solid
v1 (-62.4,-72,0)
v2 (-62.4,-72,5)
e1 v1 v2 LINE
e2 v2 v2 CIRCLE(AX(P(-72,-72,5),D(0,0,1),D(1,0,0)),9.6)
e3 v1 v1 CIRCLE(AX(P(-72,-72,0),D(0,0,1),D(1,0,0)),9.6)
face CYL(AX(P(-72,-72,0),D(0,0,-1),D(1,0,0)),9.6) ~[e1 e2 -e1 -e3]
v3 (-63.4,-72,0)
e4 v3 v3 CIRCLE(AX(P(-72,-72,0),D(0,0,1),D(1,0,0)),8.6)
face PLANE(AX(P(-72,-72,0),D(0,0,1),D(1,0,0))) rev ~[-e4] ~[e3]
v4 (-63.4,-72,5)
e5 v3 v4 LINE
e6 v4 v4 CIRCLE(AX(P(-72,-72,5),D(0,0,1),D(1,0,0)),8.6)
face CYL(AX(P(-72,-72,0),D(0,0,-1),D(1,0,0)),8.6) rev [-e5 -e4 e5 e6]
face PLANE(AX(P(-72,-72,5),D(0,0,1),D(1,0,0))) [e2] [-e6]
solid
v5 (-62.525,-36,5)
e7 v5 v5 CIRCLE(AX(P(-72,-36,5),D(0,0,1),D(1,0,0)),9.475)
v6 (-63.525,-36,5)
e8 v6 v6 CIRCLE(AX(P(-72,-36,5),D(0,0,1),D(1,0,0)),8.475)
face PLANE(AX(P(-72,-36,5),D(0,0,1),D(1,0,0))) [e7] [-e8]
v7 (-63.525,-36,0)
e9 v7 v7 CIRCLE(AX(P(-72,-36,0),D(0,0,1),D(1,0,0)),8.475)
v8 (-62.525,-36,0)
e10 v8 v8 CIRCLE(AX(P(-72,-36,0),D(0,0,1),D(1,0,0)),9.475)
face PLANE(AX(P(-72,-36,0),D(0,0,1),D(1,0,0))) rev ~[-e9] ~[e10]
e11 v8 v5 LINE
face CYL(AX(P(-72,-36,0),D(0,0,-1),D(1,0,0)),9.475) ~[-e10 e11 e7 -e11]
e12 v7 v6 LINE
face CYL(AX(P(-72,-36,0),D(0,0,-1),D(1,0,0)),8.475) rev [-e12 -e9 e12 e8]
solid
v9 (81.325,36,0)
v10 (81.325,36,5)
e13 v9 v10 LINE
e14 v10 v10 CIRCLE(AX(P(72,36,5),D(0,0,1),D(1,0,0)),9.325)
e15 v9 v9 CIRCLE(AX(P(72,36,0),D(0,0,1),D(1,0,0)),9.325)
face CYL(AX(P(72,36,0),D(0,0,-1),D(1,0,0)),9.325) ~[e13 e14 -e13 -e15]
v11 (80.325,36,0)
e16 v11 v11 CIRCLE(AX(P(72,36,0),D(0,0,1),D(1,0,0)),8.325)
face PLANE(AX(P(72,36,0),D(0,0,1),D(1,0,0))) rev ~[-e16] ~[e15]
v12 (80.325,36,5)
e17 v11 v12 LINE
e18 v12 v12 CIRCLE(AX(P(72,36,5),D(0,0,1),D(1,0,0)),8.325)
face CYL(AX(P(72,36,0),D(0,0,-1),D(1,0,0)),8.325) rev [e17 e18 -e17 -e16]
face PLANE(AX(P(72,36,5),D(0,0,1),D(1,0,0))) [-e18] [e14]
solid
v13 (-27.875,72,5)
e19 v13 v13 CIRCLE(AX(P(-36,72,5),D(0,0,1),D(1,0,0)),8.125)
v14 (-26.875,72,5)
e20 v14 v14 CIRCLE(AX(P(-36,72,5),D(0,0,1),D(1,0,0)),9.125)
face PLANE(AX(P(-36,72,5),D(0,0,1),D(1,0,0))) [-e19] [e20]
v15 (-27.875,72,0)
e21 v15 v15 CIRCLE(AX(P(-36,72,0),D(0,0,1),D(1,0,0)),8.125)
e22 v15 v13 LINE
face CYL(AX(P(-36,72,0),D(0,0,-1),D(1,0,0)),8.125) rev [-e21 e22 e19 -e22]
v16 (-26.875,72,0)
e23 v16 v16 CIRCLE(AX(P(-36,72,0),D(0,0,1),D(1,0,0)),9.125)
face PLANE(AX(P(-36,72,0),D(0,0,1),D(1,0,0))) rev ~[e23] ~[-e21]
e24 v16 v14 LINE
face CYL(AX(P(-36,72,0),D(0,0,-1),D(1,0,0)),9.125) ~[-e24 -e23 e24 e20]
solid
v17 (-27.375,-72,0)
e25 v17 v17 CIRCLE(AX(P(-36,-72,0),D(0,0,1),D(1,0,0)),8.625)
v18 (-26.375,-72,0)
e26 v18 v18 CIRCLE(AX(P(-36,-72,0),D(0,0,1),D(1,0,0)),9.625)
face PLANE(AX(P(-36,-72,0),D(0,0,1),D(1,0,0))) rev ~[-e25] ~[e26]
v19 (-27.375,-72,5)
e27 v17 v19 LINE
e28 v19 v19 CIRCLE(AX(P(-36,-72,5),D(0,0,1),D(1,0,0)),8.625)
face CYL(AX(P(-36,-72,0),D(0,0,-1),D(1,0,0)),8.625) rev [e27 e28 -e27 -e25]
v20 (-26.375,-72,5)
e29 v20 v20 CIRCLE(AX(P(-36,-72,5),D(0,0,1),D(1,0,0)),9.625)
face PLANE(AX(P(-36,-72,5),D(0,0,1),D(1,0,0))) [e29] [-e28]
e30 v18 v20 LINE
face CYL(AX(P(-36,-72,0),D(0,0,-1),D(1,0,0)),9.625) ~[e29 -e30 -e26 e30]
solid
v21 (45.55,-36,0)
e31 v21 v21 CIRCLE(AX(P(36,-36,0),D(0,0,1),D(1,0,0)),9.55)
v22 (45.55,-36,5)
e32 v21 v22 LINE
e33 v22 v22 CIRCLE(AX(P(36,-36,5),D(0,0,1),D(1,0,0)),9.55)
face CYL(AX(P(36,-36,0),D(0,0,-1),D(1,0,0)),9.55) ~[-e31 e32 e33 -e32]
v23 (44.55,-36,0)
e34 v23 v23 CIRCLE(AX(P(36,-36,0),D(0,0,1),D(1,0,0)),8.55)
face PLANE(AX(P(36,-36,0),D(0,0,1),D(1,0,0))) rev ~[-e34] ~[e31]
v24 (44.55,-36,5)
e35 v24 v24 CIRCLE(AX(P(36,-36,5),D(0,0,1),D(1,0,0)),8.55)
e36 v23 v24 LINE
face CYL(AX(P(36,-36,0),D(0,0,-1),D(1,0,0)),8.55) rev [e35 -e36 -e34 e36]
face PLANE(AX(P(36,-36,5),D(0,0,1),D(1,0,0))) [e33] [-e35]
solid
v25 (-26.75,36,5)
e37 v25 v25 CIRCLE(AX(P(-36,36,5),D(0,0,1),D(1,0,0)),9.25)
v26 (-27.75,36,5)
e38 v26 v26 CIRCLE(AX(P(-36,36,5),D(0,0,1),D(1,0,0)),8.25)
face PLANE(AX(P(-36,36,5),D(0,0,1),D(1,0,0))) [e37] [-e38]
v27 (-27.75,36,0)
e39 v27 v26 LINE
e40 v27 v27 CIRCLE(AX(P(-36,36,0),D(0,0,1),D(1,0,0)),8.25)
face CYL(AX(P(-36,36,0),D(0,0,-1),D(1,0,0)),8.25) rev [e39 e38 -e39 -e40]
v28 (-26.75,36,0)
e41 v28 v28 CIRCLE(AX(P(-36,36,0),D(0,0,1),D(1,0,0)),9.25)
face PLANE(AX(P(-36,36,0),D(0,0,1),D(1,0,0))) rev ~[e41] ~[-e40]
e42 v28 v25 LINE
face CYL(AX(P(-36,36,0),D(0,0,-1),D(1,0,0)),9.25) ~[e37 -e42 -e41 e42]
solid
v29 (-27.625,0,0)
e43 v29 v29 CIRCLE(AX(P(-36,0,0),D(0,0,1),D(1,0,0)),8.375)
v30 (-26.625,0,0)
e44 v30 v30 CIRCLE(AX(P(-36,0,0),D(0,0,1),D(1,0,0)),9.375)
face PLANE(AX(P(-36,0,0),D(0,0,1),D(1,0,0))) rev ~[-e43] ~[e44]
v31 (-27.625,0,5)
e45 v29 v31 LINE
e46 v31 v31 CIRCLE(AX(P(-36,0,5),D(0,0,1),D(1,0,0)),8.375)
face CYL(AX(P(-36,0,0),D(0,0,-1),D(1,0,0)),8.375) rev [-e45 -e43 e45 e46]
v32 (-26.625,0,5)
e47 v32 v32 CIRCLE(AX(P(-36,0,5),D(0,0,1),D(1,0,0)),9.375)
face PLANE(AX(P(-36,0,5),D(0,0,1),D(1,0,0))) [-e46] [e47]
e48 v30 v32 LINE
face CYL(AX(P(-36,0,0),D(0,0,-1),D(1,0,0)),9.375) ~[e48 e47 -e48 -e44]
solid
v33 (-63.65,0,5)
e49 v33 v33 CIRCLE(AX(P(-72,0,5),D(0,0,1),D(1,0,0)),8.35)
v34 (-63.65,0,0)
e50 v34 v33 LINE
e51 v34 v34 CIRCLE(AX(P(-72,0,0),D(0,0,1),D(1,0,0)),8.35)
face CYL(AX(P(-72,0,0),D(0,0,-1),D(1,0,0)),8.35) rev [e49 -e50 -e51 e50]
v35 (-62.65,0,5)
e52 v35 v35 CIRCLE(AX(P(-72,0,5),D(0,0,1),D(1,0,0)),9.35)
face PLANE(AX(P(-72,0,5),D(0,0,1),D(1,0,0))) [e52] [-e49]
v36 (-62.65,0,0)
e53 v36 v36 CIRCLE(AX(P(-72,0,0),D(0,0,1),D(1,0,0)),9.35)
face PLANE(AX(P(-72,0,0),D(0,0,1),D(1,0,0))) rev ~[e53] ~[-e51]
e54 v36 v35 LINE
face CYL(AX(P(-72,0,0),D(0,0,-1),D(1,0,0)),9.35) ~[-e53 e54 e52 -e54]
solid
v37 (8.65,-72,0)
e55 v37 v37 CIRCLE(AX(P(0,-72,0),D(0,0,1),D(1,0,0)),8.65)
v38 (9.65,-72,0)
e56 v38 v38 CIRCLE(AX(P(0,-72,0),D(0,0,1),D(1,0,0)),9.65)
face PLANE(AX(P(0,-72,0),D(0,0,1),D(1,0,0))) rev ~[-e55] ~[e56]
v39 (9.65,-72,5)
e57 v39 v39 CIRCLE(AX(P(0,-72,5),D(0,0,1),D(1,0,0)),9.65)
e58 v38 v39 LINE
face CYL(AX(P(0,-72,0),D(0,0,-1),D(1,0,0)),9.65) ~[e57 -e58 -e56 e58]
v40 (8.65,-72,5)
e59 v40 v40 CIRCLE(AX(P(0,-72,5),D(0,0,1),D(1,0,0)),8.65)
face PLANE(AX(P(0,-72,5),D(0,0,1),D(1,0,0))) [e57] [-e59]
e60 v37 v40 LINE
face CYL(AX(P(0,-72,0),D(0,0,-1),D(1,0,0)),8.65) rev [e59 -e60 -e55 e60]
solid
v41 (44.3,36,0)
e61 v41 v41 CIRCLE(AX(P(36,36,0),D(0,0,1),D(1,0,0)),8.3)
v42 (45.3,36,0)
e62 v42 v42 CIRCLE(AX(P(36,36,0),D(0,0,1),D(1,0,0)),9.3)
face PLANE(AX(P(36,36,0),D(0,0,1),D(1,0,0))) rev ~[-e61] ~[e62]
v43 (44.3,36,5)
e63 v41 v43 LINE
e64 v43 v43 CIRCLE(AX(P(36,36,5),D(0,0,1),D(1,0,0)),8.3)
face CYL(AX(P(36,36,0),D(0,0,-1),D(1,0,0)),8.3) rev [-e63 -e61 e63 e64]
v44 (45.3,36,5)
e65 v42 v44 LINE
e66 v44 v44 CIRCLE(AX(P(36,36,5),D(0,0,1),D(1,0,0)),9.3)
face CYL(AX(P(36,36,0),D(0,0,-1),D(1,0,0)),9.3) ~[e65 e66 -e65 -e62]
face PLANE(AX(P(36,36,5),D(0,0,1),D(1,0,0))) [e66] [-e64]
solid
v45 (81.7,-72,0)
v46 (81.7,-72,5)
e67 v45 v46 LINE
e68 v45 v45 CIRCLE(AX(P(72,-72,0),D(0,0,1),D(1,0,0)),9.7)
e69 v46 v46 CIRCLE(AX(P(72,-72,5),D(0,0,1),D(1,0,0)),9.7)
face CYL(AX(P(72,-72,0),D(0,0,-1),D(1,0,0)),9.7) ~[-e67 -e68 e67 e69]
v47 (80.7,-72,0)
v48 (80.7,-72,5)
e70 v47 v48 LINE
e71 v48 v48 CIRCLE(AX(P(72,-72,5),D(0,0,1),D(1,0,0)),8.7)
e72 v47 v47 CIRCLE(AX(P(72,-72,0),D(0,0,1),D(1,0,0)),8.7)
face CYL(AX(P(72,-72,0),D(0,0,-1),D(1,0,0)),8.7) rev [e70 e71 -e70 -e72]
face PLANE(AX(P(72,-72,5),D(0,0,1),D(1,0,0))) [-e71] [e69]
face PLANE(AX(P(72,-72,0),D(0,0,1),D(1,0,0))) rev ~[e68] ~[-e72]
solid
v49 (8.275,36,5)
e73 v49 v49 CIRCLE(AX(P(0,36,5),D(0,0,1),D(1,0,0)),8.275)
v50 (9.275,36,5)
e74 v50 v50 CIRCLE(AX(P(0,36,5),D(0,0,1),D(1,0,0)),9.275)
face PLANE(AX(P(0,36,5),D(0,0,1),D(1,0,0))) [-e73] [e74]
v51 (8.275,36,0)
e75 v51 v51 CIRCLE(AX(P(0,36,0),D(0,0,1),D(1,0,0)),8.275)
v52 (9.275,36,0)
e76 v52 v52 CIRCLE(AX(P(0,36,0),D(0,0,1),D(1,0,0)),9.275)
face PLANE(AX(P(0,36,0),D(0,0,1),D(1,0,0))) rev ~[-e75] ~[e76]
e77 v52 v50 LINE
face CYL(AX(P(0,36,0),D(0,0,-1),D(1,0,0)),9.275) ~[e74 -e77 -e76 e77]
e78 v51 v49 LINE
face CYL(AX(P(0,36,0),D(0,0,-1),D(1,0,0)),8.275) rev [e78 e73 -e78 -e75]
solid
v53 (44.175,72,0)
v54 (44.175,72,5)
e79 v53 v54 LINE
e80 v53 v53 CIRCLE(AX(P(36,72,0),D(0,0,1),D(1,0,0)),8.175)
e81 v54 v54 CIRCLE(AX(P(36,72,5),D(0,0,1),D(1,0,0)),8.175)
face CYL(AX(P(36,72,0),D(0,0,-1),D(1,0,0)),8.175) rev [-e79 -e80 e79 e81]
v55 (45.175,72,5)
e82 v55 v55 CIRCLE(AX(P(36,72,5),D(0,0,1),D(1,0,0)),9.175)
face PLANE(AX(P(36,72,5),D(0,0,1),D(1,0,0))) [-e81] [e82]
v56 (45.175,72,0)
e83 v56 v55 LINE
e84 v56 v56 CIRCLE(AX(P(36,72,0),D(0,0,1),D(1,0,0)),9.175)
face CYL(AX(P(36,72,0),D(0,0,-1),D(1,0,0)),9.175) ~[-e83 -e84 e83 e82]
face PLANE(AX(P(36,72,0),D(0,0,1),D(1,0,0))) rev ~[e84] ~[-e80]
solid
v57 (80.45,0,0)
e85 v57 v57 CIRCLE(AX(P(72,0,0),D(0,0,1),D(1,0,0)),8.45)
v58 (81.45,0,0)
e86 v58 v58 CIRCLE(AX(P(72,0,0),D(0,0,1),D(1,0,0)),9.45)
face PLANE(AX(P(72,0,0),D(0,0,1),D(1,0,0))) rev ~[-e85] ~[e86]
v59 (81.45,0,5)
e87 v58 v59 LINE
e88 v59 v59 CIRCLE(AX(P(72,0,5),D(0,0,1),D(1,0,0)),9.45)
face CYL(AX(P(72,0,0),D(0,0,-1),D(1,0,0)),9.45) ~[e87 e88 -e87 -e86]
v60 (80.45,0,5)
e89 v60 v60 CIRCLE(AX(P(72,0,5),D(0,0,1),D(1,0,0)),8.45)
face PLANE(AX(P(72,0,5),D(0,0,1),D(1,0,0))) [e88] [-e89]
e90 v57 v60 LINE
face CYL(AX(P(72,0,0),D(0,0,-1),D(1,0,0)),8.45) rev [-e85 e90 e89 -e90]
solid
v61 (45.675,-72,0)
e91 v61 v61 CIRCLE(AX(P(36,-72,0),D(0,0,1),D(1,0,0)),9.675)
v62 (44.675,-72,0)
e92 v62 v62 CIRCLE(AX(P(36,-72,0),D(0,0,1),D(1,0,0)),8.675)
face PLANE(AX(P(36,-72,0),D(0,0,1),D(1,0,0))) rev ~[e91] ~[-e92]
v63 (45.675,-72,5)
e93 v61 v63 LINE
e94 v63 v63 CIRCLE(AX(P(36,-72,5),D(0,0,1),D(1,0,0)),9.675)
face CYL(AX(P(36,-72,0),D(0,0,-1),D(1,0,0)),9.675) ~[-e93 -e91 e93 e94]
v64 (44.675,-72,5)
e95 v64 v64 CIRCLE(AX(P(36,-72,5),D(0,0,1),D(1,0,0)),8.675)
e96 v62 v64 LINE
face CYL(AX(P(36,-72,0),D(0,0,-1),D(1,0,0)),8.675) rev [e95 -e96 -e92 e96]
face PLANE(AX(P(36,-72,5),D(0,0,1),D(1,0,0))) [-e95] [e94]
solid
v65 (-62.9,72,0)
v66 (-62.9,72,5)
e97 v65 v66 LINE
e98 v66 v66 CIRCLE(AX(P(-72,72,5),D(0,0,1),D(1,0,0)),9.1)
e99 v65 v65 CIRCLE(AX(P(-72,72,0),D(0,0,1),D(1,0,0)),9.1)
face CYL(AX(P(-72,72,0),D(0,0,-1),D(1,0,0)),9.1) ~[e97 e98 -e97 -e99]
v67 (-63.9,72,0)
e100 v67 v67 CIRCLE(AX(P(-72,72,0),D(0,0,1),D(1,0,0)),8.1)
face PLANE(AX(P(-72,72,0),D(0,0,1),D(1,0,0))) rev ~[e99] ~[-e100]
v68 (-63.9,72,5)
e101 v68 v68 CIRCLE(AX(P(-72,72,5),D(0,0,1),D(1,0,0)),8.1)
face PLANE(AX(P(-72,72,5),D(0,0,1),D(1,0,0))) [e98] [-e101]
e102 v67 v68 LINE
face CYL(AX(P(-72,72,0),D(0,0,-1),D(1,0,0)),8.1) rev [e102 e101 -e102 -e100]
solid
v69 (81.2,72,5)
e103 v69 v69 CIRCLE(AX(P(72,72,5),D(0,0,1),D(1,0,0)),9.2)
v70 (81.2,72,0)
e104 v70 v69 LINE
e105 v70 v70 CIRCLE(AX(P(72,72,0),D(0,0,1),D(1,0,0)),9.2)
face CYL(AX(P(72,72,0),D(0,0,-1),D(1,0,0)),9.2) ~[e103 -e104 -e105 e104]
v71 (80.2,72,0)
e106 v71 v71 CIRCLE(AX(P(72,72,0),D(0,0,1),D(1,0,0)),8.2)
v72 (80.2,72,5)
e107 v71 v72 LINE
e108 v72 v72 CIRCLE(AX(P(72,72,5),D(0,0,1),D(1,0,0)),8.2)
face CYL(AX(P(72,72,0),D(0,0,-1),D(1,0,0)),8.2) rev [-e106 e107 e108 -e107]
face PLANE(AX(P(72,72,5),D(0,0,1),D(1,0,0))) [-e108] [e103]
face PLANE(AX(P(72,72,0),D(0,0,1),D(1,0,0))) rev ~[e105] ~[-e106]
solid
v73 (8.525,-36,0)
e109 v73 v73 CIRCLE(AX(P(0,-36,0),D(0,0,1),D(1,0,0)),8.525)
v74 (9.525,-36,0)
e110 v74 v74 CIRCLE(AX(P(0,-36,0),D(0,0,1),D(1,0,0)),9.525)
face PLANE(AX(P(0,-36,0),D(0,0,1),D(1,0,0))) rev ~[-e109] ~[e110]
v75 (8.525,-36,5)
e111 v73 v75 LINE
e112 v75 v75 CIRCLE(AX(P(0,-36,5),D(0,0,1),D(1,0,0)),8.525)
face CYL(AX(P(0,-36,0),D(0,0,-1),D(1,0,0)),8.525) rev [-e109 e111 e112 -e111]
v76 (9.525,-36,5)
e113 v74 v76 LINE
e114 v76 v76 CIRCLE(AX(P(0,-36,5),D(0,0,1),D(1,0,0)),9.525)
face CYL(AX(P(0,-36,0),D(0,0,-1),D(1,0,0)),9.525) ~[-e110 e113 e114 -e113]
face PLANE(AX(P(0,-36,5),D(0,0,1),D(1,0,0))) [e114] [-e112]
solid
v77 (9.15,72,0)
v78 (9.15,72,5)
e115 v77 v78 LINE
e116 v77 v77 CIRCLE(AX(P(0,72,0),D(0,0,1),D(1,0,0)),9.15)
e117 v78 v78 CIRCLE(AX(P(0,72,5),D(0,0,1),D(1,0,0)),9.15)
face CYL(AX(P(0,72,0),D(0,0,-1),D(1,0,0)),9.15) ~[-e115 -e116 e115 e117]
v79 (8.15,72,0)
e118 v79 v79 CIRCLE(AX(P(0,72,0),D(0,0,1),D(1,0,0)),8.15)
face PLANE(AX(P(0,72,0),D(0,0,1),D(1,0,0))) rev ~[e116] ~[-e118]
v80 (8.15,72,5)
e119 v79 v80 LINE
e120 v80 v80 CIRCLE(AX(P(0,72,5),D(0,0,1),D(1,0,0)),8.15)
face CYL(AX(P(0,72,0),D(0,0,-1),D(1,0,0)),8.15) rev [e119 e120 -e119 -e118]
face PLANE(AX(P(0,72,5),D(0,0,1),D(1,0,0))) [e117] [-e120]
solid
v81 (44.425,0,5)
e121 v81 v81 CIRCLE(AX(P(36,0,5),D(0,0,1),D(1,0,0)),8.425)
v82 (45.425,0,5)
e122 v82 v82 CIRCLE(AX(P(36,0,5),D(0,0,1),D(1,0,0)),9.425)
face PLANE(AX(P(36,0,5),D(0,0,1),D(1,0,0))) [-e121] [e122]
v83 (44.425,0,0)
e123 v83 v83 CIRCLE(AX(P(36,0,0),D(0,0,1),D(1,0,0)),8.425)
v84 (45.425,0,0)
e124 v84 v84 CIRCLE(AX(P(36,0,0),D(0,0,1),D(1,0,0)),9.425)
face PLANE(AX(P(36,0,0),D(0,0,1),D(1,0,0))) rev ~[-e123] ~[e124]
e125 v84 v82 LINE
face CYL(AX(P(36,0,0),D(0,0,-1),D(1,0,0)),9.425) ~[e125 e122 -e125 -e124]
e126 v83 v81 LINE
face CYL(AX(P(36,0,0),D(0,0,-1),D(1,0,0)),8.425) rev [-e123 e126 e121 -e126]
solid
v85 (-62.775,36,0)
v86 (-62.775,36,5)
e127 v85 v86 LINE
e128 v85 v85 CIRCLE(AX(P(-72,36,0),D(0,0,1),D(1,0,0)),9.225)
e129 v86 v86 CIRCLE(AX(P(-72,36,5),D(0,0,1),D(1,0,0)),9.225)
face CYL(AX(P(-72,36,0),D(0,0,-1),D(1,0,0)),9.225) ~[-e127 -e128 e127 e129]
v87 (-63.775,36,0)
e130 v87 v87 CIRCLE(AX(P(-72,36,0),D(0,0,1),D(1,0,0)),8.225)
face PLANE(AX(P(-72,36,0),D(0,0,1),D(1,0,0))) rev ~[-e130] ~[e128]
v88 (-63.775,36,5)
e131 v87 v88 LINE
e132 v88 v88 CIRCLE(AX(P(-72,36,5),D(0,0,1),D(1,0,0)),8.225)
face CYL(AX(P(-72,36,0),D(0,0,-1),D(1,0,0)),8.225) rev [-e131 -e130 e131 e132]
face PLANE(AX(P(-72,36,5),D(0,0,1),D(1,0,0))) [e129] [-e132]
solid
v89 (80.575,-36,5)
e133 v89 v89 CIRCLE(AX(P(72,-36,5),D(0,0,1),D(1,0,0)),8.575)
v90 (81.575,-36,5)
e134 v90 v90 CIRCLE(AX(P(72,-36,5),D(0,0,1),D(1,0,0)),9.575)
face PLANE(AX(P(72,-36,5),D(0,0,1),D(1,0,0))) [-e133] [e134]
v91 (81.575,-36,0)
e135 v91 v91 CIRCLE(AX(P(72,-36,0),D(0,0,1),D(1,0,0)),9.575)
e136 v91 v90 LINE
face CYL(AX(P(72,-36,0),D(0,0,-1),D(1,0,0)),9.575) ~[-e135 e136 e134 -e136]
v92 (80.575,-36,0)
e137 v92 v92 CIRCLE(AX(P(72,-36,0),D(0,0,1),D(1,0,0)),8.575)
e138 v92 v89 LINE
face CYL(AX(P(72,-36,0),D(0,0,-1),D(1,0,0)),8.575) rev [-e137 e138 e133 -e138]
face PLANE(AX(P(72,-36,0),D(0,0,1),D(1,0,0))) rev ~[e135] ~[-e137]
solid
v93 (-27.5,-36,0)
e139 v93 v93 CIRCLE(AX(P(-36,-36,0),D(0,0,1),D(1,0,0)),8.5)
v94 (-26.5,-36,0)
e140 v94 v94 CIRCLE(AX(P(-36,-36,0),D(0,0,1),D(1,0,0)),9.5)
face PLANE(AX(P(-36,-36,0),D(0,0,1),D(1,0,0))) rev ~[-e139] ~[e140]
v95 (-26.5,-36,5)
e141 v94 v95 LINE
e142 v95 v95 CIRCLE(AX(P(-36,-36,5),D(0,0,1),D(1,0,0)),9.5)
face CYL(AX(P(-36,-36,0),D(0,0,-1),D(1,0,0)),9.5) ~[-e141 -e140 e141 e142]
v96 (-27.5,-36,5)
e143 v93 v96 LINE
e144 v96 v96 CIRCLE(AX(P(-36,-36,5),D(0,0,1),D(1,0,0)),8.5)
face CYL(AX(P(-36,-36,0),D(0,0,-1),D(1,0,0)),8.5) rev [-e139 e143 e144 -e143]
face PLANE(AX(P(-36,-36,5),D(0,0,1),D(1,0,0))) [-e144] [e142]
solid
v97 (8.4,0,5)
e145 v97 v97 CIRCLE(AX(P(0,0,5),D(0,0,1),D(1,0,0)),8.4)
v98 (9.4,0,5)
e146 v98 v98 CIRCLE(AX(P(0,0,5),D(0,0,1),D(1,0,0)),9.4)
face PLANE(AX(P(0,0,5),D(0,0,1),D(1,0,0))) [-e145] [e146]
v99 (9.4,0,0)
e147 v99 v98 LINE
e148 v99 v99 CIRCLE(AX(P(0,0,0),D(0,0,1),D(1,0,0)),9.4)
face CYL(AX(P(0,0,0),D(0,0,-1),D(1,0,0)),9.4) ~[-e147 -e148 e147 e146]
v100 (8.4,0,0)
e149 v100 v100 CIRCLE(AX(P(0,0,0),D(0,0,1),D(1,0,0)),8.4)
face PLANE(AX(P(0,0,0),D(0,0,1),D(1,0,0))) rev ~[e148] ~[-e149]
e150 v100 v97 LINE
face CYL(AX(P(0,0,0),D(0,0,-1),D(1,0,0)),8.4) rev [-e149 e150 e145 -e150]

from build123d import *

# Parameters (mm, degrees)
F0_R     = 9.1
F0_R_2   = 8.1
F0_R_3   = 9.125
F0_R_4   = 8.125
F0_R_5   = 9.15
F0_R_6   = 8.15
F0_R_7   = 9.175
F0_R_8   = 8.175
F0_R_9   = 9.2
F0_R_10  = 8.2
F0_R_11  = 9.225
F0_R_12  = 8.225
F0_R_13  = 9.25
F0_R_14  = 8.25
F0_R_15  = 9.275
F0_R_16  = 8.275
F0_R_17  = 9.3
F0_R_18  = 8.3
F0_R_19  = 9.325
F0_R_20  = 8.325
F0_R_21  = 9.35
F0_R_22  = 8.35
F0_R_23  = 9.375
F0_R_24  = 8.375
F0_R_25  = 9.4
F0_R_26  = 8.4
F0_R_27  = 9.425
F0_R_28  = 8.425
F0_R_29  = 9.45
F0_R_30  = 8.45
F0_R_31  = 9.475
F0_R_32  = 8.475
F0_R_33  = 9.5
F0_R_34  = 8.5
F0_R_35  = 9.525
F0_R_36  = 8.525
F0_R_37  = 9.55
F0_R_38  = 8.55
F0_R_39  = 9.575
F0_R_40  = 8.575
F0_R_41  = 9.6
F0_R_42  = 8.6
F0_R_43  = 9.625
F0_R_44  = 8.625
F0_R_45  = 9.65
F0_R_46  = 8.65
F0_R_47  = 9.675
F0_R_48  = 8.675
F0_R_49  = 9.7
F0_R_50  = 8.7
F1_DEPTH = 5


with BuildPart() as f1:
    # F0 (on Top) → F1 (new body)
    with BuildSketch(Plane.XY):
        with Locations((-72, 72)):
            Circle(F0_R)
        with Locations((-72, 72)):
            Circle(F0_R_2, mode=Mode.SUBTRACT)
        with Locations((-36, 72)):
            Circle(F0_R_3)
        with Locations((-36, 72)):
            Circle(F0_R_4, mode=Mode.SUBTRACT)
        with Locations((0, 72)):
            Circle(F0_R_5)
        with Locations((0, 72)):
            Circle(F0_R_6, mode=Mode.SUBTRACT)
        with Locations((36, 72)):
            Circle(F0_R_7)
        with Locations((36, 72)):
            Circle(F0_R_8, mode=Mode.SUBTRACT)
        with Locations((72, 72)):
            Circle(F0_R_9)
        with Locations((72, 72)):
            Circle(F0_R_10, mode=Mode.SUBTRACT)
        with Locations((-72, 36)):
            Circle(F0_R_11)
        with Locations((-72, 36)):
            Circle(F0_R_12, mode=Mode.SUBTRACT)
        with Locations((-36, 36)):
            Circle(F0_R_13)
        with Locations((-36, 36)):
            Circle(F0_R_14, mode=Mode.SUBTRACT)
        with Locations((0, 36)):
            Circle(F0_R_15)
        with Locations((0, 36)):
            Circle(F0_R_16, mode=Mode.SUBTRACT)
        with Locations((36, 36)):
            Circle(F0_R_17)
        with Locations((36, 36)):
            Circle(F0_R_18, mode=Mode.SUBTRACT)
        with Locations((72, 36)):
            Circle(F0_R_19)
        with Locations((72, 36)):
            Circle(F0_R_20, mode=Mode.SUBTRACT)
        with Locations((-72, 0)):
            Circle(F0_R_21)
        with Locations((-72, 0)):
            Circle(F0_R_22, mode=Mode.SUBTRACT)
        with Locations((-36, 0)):
            Circle(F0_R_23)
        with Locations((-36, 0)):
            Circle(F0_R_24, mode=Mode.SUBTRACT)
        Circle(F0_R_25)
        Circle(F0_R_26, mode=Mode.SUBTRACT)
        with Locations((36, 0)):
            Circle(F0_R_27)
        with Locations((36, 0)):
            Circle(F0_R_28, mode=Mode.SUBTRACT)
        with Locations((72, 0)):
            Circle(F0_R_29)
        with Locations((72, 0)):
            Circle(F0_R_30, mode=Mode.SUBTRACT)
        with Locations((-72, -36)):
            Circle(F0_R_31)
        with Locations((-72, -36)):
            Circle(F0_R_32, mode=Mode.SUBTRACT)
        with Locations((-36, -36)):
            Circle(F0_R_33)
        with Locations((-36, -36)):
            Circle(F0_R_34, mode=Mode.SUBTRACT)
        with Locations((0, -36)):
            Circle(F0_R_35)
        with Locations((0, -36)):
            Circle(F0_R_36, mode=Mode.SUBTRACT)
        with Locations((36, -36)):
            Circle(F0_R_37)
        with Locations((36, -36)):
            Circle(F0_R_38, mode=Mode.SUBTRACT)
        with Locations((72, -36)):
            Circle(F0_R_39)
        with Locations((72, -36)):
            Circle(F0_R_40, mode=Mode.SUBTRACT)
        with Locations((-72, -72)):
            Circle(F0_R_41)
        with Locations((-72, -72)):
            Circle(F0_R_42, mode=Mode.SUBTRACT)
        with Locations((-36, -72)):
            Circle(F0_R_43)
        with Locations((-36, -72)):
            Circle(F0_R_44, mode=Mode.SUBTRACT)
        with Locations((0, -72)):
            Circle(F0_R_45)
        with Locations((0, -72)):
            Circle(F0_R_46, mode=Mode.SUBTRACT)
        with Locations((36, -72)):
            Circle(F0_R_47)
        with Locations((36, -72)):
            Circle(F0_R_48, mode=Mode.SUBTRACT)
        with Locations((72, -72)):
            Circle(F0_R_49)
        with Locations((72, -72)):
            Circle(F0_R_50, mode=Mode.SUBTRACT)
    extrude(amount=F1_DEPTH)


solid = f1.part
